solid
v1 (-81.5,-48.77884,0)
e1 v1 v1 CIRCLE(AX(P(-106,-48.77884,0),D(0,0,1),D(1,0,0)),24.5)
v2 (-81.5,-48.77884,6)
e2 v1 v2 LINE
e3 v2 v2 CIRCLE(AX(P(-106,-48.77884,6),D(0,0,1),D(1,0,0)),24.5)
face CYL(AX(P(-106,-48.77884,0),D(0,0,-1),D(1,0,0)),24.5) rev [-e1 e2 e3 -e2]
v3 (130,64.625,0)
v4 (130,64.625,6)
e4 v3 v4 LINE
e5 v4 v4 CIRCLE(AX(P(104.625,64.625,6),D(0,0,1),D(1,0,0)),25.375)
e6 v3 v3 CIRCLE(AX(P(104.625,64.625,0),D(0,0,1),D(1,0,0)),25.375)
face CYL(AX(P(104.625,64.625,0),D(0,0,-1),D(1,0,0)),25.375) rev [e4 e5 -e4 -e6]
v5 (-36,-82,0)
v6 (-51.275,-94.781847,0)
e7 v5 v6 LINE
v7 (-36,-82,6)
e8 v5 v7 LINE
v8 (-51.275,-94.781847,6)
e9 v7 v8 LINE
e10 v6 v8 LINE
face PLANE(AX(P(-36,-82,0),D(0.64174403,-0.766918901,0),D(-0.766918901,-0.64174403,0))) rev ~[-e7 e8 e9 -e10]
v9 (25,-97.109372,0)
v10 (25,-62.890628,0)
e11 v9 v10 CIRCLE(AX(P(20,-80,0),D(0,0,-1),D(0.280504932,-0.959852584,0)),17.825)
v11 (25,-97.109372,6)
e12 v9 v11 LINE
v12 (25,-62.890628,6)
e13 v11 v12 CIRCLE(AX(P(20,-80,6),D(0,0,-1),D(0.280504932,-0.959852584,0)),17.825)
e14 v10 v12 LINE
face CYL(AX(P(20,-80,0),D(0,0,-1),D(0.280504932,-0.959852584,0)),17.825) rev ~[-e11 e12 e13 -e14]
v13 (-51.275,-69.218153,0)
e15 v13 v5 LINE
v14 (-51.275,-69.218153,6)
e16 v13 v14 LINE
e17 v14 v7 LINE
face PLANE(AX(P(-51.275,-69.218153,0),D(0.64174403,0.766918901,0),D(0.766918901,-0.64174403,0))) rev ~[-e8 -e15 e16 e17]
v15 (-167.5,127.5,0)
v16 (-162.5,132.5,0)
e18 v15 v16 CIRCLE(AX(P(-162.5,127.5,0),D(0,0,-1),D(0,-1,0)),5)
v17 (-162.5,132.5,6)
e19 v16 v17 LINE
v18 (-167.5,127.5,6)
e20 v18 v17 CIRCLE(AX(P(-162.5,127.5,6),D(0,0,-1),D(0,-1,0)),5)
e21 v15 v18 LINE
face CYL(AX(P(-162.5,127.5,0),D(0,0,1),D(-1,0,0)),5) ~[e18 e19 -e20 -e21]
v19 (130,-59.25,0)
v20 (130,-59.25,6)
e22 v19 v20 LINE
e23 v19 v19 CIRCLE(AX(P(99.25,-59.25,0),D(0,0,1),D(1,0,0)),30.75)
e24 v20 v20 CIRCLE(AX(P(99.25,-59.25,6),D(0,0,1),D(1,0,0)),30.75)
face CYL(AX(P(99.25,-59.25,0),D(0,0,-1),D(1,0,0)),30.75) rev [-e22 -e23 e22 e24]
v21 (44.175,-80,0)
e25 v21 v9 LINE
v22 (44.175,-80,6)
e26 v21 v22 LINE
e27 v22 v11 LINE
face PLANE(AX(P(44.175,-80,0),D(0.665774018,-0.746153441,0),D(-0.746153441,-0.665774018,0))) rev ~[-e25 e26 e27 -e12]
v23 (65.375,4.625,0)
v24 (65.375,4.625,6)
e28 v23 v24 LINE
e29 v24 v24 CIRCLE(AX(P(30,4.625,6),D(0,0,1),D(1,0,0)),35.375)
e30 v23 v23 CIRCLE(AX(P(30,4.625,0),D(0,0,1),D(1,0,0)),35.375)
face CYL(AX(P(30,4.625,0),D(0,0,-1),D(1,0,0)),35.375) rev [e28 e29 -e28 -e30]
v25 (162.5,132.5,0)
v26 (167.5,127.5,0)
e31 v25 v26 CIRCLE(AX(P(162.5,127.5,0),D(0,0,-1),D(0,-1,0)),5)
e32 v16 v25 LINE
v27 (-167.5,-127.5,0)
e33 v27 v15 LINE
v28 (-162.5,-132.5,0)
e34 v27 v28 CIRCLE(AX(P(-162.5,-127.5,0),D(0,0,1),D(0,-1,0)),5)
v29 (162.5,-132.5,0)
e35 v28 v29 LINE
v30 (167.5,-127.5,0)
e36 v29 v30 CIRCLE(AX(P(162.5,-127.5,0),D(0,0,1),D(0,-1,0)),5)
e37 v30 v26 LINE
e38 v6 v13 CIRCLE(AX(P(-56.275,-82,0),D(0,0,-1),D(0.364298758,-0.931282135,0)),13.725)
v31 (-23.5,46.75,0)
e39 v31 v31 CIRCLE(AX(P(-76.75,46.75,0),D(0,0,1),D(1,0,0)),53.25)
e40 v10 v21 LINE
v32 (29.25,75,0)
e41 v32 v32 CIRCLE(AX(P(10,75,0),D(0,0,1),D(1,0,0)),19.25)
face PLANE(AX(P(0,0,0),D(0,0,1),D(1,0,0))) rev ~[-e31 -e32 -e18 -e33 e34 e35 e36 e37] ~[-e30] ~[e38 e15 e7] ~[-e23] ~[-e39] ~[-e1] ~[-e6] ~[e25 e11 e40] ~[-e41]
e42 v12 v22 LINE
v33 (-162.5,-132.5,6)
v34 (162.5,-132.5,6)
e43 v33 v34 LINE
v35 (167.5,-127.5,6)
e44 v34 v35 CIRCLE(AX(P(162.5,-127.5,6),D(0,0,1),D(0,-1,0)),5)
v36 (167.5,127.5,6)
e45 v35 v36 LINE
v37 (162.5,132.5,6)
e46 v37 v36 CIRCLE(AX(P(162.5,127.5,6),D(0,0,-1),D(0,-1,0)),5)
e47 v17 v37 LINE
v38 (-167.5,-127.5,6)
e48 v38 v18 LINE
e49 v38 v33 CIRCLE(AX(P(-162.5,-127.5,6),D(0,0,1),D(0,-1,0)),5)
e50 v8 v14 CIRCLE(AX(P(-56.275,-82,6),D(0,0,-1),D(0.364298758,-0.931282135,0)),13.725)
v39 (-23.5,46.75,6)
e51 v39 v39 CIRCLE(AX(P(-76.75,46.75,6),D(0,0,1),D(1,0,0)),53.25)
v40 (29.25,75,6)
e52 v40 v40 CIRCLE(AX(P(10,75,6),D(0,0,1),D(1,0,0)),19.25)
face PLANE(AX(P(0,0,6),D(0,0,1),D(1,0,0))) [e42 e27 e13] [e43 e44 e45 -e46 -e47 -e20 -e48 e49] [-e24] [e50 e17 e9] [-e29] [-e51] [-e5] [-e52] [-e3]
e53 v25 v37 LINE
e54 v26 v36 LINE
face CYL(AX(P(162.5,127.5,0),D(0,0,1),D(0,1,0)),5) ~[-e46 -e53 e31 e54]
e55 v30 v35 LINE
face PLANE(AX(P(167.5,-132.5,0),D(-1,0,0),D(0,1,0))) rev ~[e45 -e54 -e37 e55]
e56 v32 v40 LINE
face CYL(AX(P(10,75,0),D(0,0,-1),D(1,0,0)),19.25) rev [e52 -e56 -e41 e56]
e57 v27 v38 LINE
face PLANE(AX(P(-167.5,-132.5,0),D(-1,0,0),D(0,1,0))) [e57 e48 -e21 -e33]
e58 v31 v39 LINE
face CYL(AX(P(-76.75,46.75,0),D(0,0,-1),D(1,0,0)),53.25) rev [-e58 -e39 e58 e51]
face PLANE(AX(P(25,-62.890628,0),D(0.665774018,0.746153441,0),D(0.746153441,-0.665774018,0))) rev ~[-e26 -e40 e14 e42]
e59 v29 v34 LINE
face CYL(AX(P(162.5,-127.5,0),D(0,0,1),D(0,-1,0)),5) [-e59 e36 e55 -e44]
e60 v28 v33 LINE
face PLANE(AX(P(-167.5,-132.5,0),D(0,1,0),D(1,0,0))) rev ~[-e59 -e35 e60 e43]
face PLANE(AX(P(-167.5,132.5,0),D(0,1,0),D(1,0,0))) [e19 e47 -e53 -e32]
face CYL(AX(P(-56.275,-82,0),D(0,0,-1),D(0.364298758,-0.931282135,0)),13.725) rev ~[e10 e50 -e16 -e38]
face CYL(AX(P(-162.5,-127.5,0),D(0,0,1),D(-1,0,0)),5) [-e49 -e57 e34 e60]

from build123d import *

# Parameters (mm, degrees)
F0_W     = 335
F0_H     = 265
F0_R     = 24.5
F0_R_2   = 30.75
F0_R_3   = 53.25
F0_R_4   = 35.375
F0_R_5   = 25.375
F0_R_6   = 19.25
F1_DEPTH = 6
F2_R     = 5


with BuildPart() as f1:
    # F0 (on Top) → F1 (new body)
    with BuildSketch(Plane.XY):
        Rectangle(F0_W, F0_H)
        with BuildLine():
            ThreePointArc((-51.275, -94.781847), (-70, -82), (-51.275, -69.218153))
            Line((-51.275, -69.218153), (-36, -82))
            Line((-36, -82), (-51.275, -94.781847))
        make_face(mode=Mode.SUBTRACT)
        with Locations((-106, -48.77884)):
            Circle(F0_R, mode=Mode.SUBTRACT)
        with BuildLine():
            ThreePointArc((25, -97.109372), (2.175, -80), (25, -62.890628))
            Line((25, -62.890628), (44.175, -80))
            Line((44.175, -80), (25, -97.109372))
        make_face(mode=Mode.SUBTRACT)
        with Locations((99.25, -59.25)):
            Circle(F0_R_2, mode=Mode.SUBTRACT)
        with Locations((-76.75, 46.75)):
            Circle(F0_R_3, mode=Mode.SUBTRACT)
        with Locations((30, 4.625)):
            Circle(F0_R_4, mode=Mode.SUBTRACT)
        with Locations((104.625, 64.625)):
            Circle(F0_R_5, mode=Mode.SUBTRACT)
        with Locations((10, 75)):
            Circle(F0_R_6, mode=Mode.SUBTRACT)
    extrude(amount=F1_DEPTH)

    # F2
    f2_edges = [f1.edges().sort_by_distance(p)[0] for p in [
        (-167.5, 132.5, 3),
        (167.5, 132.5, 3),
        (167.5, -132.5, 3),
        (-167.5, -132.5, 3),
    ]]
    fillet(f2_edges, radius=F2_R)


solid = f1.part
